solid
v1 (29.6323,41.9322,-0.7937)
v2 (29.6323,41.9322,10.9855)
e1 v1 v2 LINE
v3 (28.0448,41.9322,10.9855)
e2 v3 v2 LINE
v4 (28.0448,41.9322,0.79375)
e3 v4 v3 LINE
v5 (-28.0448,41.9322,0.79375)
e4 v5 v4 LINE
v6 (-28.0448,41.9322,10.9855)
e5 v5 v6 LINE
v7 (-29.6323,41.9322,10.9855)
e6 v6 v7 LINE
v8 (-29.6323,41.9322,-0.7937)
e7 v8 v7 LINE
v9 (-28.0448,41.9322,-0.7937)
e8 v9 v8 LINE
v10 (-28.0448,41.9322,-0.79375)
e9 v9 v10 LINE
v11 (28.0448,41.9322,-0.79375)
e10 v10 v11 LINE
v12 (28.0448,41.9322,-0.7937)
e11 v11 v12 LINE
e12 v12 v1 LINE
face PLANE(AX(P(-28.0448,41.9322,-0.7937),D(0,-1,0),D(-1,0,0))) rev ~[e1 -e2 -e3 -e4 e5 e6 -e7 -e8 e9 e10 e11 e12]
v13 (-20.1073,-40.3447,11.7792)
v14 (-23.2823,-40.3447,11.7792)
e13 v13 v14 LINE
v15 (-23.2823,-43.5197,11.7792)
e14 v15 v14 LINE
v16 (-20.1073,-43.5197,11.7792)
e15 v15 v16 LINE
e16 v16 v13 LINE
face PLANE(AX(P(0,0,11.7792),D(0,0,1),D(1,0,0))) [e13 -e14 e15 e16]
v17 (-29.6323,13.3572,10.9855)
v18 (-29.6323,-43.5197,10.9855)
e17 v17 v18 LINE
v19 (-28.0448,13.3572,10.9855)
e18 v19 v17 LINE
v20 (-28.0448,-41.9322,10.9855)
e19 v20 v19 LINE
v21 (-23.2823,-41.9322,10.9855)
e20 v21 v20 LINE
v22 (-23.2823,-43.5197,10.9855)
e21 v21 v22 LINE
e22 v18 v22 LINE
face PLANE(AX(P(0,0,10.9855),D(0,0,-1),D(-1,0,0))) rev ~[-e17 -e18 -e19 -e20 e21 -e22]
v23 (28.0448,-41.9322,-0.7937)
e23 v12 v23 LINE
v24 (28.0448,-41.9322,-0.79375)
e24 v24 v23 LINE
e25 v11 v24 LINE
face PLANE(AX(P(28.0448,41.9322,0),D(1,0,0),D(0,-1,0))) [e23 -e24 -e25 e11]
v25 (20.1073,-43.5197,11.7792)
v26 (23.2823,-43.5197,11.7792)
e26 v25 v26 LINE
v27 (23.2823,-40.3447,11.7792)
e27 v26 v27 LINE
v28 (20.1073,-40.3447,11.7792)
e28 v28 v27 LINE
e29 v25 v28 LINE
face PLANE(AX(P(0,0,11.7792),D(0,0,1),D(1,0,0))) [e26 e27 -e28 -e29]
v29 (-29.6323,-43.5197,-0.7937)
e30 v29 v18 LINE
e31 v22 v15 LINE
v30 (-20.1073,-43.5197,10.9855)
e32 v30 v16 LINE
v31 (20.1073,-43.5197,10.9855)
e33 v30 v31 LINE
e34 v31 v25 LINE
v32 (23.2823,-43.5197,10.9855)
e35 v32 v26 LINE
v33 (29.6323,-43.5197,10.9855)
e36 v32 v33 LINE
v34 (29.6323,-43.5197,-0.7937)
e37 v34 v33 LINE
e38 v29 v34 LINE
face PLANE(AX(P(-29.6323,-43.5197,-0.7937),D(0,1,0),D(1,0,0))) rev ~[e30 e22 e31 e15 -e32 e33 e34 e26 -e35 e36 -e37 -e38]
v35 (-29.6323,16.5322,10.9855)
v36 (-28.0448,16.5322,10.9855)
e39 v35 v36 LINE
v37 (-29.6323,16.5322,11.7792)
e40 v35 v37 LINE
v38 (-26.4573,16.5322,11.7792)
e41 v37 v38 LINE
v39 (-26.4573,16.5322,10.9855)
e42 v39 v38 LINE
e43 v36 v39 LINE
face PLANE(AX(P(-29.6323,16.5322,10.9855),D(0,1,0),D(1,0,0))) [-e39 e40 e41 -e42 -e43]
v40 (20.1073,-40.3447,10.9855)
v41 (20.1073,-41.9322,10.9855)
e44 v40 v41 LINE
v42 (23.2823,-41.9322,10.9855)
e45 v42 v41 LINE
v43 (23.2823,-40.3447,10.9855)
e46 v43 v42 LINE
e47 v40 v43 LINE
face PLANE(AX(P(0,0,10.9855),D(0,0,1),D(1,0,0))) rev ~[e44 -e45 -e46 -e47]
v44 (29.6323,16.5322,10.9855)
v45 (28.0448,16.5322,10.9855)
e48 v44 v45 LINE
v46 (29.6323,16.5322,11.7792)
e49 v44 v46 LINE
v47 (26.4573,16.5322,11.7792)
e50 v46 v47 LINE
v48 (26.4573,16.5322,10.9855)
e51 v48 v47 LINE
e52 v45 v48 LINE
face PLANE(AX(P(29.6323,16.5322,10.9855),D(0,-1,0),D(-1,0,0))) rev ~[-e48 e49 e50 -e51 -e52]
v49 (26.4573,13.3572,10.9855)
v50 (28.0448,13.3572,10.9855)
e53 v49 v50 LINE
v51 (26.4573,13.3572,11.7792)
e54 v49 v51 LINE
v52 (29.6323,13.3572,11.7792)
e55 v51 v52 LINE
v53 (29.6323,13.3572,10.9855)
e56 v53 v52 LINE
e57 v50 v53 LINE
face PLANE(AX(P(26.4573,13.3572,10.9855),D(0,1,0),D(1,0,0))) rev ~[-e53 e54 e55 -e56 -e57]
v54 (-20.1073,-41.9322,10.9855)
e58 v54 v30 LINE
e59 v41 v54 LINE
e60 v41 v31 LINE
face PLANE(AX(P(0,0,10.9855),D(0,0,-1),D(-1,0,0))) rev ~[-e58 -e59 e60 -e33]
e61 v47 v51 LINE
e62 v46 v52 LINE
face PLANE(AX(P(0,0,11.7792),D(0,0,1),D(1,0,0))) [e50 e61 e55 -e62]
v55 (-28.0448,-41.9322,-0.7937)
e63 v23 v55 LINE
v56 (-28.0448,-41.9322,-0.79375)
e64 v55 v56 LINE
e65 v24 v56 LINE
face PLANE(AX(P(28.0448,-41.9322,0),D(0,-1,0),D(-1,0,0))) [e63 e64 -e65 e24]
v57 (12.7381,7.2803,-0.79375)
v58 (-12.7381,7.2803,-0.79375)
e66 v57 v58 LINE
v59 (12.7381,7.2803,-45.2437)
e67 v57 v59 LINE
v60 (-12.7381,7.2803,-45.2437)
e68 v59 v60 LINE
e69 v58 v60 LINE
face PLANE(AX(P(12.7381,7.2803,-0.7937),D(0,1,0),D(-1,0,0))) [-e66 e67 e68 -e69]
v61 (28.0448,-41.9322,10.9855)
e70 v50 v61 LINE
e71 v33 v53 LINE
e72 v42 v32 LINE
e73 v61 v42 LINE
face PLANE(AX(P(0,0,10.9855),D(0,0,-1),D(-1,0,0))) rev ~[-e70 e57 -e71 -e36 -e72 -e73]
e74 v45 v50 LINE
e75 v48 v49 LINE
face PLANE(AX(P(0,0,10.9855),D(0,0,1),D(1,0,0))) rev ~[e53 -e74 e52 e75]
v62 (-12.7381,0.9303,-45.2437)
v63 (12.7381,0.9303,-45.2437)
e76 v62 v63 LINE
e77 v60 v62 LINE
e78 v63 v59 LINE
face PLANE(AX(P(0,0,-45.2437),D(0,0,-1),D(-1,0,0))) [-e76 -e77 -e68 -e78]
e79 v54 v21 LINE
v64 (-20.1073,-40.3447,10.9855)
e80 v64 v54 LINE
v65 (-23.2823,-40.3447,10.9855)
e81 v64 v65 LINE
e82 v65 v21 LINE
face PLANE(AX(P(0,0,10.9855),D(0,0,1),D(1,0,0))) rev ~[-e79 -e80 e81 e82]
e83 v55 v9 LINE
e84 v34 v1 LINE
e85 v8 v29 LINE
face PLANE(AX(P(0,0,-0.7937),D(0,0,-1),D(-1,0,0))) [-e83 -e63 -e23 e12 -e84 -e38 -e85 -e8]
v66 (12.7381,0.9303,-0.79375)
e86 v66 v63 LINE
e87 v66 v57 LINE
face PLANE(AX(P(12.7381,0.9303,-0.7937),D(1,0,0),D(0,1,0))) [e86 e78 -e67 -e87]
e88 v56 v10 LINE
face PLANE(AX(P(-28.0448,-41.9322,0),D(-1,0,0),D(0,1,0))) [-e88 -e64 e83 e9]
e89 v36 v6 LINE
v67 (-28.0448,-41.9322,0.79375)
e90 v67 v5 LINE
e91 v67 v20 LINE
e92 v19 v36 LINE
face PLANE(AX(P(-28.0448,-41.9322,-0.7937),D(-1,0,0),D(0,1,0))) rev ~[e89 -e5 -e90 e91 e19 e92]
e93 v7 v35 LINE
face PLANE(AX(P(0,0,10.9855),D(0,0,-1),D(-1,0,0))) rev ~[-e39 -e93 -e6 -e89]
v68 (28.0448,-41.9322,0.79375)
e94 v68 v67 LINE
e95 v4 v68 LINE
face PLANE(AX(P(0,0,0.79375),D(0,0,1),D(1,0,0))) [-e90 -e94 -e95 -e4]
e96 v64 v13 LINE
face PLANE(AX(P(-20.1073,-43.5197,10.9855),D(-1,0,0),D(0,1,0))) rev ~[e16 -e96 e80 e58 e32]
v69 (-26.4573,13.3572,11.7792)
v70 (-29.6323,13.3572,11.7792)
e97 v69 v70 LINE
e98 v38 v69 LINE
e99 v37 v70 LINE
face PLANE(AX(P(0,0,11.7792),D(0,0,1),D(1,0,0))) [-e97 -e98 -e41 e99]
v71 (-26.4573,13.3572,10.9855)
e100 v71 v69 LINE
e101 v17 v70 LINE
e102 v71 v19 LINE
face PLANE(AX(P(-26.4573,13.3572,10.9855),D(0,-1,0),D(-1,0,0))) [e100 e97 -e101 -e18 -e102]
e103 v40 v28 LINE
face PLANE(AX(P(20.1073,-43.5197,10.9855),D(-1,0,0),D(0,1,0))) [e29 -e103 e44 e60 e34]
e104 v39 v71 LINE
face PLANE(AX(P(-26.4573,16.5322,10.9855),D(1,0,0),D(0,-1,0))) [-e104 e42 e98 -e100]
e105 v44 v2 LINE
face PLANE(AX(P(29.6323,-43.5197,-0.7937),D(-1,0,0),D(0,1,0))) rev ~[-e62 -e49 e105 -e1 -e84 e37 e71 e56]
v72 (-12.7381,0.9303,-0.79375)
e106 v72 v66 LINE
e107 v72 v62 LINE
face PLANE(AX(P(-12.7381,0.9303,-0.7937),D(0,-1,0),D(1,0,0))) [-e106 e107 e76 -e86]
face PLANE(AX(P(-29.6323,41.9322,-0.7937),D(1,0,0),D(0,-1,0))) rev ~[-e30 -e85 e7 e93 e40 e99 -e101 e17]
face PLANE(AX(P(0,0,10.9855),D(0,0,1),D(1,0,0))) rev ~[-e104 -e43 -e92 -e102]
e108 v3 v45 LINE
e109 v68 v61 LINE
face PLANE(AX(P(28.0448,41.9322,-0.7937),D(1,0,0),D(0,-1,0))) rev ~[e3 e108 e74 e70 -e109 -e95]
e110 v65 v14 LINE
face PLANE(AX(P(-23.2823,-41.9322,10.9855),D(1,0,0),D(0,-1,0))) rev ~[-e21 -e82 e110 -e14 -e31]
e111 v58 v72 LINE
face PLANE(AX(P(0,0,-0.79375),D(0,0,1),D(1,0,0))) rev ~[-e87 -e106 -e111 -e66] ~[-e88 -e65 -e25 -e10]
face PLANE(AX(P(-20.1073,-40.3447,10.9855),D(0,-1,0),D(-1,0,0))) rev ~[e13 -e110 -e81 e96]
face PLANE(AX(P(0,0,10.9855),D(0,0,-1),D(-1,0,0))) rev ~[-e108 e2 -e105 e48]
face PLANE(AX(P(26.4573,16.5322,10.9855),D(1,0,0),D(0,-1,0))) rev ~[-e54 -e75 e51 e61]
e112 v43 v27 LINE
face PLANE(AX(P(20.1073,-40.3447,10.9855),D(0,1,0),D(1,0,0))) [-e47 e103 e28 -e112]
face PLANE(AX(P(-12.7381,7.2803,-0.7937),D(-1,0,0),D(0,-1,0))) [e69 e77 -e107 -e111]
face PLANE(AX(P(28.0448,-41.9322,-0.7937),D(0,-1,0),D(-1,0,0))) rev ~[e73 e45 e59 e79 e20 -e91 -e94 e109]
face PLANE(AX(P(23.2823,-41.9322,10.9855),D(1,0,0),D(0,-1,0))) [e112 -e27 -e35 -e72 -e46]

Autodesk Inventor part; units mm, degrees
ref_plane "YZ Plane" through (0, 0, 0) normal (1, 0, 0) x (0, 1, 0)
ref_plane "XZ Plane" through (0, 0, 0) normal (0, 1, 0) x (-1, 0, 0)
ref_plane "XY Plane" through (0, 0, 0) normal (0, 0, 1) x (1, 0, 0)
sketch "Sketch1" plane through (0, 0, 0) normal (0, 0, 1) x (1, 0, 0)
  line L0 (28.0448, -41.9322) -> (-28.0448, -41.9322)
  line L1 (-28.0448, -41.9322) -> (-28.0448, 41.9322)
  line L2 (-28.0448, 41.9322) -> (28.0448, 41.9322)
  line L3 (28.0448, 41.9322) -> (28.0448, -41.9322)
  line L4 (28.0448, -41.9322) -> (-28.0448, 41.9322) construction
  line L5 (-28.0448, -41.9322) -> (28.0448, 41.9322) construction
  point P0 (0, 0)
  dimension "d0" = 56.0896
  dimension "d1" = 83.8645
extrude "Container Backplate" add sketch "Sketch1" along normal mid plane 1.5875
sketch "Sketch2" plane through (0, 0, -0.7937) normal (0, 0, -1) x (-1, 0, 0)
  line L0 (28.0448, 41.9322) -> (-28.0448, 41.9322) projected
  line L1 (-28.0448, 41.9322) -> (-28.0448, -41.9322) projected
  line L2 (-28.0448, -41.9322) -> (28.0448, -41.9322) projected
  line L3 (28.0448, -41.9322) -> (28.0448, 41.9322) projected
  line L4 (-29.6323, 43.5197) -> (29.6323, 43.5197)
  line L5 (29.6323, 43.5197) -> (29.6323, -43.5197)
  line L6 (29.6323, -43.5197) -> (-29.6323, -43.5197)
  line L7 (-29.6323, -43.5197) -> (-29.6323, 43.5197)
  line L8 (28.0448, 41.9322) -> (29.6323, 41.9322)
  line L9 (-28.0448, 41.9322) -> (-29.6323, 41.9322)
  point P0 (0, 0)
  point P1 (28.0448, 43.5197)
  point P2 (-28.0448, 43.5197)
  dimension "d4" = 1.5875
extrude "Container Walls" add sketch "Sketch2" against normal blind 11.7792 contours L8 L5 L6 L7 L9 L1 L2 L3
sketch "Sketch3" plane through (0, 0, 10.9855) normal (0, 0, 1) x (1, 0, 0)
  line L0 (-23.2823, -43.5197) -> (-20.1073, -43.5197)
  line L1 (-20.1073, -43.5197) -> (-20.1073, -40.3447)
  line L2 (-20.1073, -40.3447) -> (-23.2823, -40.3447)
  line L3 (-23.2823, -40.3447) -> (-23.2823, -43.5197)
  line L4 (-29.6323, -43.5197) -> (29.6323, -43.5197) projected
  line L5 (28.0448, -41.9322) -> (-28.0448, -41.9322) projected
  line L6 (-29.6323, 41.9322) -> (-29.6323, -43.5197) projected
  line L7 (-29.6323, 16.5322) -> (-26.4573, 16.5322)
  line L8 (-26.4573, 16.5322) -> (-26.4573, 13.3572)
  line L9 (-26.4573, 13.3572) -> (-29.6323, 13.3572)
  line L10 (-29.6323, 13.3572) -> (-29.6323, 16.5322)
  line L11 (28.0448, 41.9322) -> (-28.0448, 41.9322) projected
  line L12 (0, 41.9322) -> (0, -43.5197)
  line L13 (23.2823, -43.5197) -> (20.1073, -43.5197)
  line L14 (20.1073, -43.5197) -> (20.1073, -40.3447)
  line L15 (20.1073, -40.3447) -> (23.2823, -40.3447)
  line L16 (23.2823, -40.3447) -> (23.2823, -43.5197)
  line L17 (29.6323, 43.5197) -> (29.6323, -43.5197)
  line L18 (29.6323, 16.5322) -> (26.4573, 16.5322)
  line L19 (26.4573, 16.5322) -> (26.4573, 13.3572)
  line L20 (26.4573, 13.3572) -> (29.6323, 13.3572)
  line L21 (29.6323, 13.3572) -> (29.6323, 16.5322)
  point P0 (0, 0)
  point P1 (-29.6323, 43.5197)
  dimension "d7" = 3.175
  dimension "d8" = 3.175
  dimension "d9" = 6.35
  dimension "d10" = 3.175
  dimension "d11" = 3.175
  dimension "d12" = 25.4
extrude "Container Tabs" add sketch "Sketch3" along normal blind 0.7937 contours L3 L5 L1 L0 | L20 L19 L18 L17 | L6 L7 L8 L9 | L3 L2 L1 L5 | L14 L5 L16 L4 | L14 L15 L16 L5
sketch "Sketch11" plane through (0, 0, -0.7937) normal (0, 0, -1) x (-1, 0, 0)
  line L0 (-12.7381, 7.2803) -> (12.7381, 7.2803)
  line L1 (12.7381, 7.2803) -> (12.7381, 0.9303)
  line L2 (12.7381, 0.9303) -> (-12.7381, 0.9303)
  line L3 (-12.7381, 0.9303) -> (-12.7381, 7.2803)
  line L4 (-29.6323, -43.5197) -> (29.6323, -43.5197) projected
  point P0 (0, 0)
  point P1 (0, 7.2803)
  dimension "d58" = 25.4762
  dimension "d59" = 6.35
  dimension "d60" = 44.45
extrude "Servo Connector Tab" add sketch "Sketch11" along normal blind 44.45
properties part number "MovingCompartment"
